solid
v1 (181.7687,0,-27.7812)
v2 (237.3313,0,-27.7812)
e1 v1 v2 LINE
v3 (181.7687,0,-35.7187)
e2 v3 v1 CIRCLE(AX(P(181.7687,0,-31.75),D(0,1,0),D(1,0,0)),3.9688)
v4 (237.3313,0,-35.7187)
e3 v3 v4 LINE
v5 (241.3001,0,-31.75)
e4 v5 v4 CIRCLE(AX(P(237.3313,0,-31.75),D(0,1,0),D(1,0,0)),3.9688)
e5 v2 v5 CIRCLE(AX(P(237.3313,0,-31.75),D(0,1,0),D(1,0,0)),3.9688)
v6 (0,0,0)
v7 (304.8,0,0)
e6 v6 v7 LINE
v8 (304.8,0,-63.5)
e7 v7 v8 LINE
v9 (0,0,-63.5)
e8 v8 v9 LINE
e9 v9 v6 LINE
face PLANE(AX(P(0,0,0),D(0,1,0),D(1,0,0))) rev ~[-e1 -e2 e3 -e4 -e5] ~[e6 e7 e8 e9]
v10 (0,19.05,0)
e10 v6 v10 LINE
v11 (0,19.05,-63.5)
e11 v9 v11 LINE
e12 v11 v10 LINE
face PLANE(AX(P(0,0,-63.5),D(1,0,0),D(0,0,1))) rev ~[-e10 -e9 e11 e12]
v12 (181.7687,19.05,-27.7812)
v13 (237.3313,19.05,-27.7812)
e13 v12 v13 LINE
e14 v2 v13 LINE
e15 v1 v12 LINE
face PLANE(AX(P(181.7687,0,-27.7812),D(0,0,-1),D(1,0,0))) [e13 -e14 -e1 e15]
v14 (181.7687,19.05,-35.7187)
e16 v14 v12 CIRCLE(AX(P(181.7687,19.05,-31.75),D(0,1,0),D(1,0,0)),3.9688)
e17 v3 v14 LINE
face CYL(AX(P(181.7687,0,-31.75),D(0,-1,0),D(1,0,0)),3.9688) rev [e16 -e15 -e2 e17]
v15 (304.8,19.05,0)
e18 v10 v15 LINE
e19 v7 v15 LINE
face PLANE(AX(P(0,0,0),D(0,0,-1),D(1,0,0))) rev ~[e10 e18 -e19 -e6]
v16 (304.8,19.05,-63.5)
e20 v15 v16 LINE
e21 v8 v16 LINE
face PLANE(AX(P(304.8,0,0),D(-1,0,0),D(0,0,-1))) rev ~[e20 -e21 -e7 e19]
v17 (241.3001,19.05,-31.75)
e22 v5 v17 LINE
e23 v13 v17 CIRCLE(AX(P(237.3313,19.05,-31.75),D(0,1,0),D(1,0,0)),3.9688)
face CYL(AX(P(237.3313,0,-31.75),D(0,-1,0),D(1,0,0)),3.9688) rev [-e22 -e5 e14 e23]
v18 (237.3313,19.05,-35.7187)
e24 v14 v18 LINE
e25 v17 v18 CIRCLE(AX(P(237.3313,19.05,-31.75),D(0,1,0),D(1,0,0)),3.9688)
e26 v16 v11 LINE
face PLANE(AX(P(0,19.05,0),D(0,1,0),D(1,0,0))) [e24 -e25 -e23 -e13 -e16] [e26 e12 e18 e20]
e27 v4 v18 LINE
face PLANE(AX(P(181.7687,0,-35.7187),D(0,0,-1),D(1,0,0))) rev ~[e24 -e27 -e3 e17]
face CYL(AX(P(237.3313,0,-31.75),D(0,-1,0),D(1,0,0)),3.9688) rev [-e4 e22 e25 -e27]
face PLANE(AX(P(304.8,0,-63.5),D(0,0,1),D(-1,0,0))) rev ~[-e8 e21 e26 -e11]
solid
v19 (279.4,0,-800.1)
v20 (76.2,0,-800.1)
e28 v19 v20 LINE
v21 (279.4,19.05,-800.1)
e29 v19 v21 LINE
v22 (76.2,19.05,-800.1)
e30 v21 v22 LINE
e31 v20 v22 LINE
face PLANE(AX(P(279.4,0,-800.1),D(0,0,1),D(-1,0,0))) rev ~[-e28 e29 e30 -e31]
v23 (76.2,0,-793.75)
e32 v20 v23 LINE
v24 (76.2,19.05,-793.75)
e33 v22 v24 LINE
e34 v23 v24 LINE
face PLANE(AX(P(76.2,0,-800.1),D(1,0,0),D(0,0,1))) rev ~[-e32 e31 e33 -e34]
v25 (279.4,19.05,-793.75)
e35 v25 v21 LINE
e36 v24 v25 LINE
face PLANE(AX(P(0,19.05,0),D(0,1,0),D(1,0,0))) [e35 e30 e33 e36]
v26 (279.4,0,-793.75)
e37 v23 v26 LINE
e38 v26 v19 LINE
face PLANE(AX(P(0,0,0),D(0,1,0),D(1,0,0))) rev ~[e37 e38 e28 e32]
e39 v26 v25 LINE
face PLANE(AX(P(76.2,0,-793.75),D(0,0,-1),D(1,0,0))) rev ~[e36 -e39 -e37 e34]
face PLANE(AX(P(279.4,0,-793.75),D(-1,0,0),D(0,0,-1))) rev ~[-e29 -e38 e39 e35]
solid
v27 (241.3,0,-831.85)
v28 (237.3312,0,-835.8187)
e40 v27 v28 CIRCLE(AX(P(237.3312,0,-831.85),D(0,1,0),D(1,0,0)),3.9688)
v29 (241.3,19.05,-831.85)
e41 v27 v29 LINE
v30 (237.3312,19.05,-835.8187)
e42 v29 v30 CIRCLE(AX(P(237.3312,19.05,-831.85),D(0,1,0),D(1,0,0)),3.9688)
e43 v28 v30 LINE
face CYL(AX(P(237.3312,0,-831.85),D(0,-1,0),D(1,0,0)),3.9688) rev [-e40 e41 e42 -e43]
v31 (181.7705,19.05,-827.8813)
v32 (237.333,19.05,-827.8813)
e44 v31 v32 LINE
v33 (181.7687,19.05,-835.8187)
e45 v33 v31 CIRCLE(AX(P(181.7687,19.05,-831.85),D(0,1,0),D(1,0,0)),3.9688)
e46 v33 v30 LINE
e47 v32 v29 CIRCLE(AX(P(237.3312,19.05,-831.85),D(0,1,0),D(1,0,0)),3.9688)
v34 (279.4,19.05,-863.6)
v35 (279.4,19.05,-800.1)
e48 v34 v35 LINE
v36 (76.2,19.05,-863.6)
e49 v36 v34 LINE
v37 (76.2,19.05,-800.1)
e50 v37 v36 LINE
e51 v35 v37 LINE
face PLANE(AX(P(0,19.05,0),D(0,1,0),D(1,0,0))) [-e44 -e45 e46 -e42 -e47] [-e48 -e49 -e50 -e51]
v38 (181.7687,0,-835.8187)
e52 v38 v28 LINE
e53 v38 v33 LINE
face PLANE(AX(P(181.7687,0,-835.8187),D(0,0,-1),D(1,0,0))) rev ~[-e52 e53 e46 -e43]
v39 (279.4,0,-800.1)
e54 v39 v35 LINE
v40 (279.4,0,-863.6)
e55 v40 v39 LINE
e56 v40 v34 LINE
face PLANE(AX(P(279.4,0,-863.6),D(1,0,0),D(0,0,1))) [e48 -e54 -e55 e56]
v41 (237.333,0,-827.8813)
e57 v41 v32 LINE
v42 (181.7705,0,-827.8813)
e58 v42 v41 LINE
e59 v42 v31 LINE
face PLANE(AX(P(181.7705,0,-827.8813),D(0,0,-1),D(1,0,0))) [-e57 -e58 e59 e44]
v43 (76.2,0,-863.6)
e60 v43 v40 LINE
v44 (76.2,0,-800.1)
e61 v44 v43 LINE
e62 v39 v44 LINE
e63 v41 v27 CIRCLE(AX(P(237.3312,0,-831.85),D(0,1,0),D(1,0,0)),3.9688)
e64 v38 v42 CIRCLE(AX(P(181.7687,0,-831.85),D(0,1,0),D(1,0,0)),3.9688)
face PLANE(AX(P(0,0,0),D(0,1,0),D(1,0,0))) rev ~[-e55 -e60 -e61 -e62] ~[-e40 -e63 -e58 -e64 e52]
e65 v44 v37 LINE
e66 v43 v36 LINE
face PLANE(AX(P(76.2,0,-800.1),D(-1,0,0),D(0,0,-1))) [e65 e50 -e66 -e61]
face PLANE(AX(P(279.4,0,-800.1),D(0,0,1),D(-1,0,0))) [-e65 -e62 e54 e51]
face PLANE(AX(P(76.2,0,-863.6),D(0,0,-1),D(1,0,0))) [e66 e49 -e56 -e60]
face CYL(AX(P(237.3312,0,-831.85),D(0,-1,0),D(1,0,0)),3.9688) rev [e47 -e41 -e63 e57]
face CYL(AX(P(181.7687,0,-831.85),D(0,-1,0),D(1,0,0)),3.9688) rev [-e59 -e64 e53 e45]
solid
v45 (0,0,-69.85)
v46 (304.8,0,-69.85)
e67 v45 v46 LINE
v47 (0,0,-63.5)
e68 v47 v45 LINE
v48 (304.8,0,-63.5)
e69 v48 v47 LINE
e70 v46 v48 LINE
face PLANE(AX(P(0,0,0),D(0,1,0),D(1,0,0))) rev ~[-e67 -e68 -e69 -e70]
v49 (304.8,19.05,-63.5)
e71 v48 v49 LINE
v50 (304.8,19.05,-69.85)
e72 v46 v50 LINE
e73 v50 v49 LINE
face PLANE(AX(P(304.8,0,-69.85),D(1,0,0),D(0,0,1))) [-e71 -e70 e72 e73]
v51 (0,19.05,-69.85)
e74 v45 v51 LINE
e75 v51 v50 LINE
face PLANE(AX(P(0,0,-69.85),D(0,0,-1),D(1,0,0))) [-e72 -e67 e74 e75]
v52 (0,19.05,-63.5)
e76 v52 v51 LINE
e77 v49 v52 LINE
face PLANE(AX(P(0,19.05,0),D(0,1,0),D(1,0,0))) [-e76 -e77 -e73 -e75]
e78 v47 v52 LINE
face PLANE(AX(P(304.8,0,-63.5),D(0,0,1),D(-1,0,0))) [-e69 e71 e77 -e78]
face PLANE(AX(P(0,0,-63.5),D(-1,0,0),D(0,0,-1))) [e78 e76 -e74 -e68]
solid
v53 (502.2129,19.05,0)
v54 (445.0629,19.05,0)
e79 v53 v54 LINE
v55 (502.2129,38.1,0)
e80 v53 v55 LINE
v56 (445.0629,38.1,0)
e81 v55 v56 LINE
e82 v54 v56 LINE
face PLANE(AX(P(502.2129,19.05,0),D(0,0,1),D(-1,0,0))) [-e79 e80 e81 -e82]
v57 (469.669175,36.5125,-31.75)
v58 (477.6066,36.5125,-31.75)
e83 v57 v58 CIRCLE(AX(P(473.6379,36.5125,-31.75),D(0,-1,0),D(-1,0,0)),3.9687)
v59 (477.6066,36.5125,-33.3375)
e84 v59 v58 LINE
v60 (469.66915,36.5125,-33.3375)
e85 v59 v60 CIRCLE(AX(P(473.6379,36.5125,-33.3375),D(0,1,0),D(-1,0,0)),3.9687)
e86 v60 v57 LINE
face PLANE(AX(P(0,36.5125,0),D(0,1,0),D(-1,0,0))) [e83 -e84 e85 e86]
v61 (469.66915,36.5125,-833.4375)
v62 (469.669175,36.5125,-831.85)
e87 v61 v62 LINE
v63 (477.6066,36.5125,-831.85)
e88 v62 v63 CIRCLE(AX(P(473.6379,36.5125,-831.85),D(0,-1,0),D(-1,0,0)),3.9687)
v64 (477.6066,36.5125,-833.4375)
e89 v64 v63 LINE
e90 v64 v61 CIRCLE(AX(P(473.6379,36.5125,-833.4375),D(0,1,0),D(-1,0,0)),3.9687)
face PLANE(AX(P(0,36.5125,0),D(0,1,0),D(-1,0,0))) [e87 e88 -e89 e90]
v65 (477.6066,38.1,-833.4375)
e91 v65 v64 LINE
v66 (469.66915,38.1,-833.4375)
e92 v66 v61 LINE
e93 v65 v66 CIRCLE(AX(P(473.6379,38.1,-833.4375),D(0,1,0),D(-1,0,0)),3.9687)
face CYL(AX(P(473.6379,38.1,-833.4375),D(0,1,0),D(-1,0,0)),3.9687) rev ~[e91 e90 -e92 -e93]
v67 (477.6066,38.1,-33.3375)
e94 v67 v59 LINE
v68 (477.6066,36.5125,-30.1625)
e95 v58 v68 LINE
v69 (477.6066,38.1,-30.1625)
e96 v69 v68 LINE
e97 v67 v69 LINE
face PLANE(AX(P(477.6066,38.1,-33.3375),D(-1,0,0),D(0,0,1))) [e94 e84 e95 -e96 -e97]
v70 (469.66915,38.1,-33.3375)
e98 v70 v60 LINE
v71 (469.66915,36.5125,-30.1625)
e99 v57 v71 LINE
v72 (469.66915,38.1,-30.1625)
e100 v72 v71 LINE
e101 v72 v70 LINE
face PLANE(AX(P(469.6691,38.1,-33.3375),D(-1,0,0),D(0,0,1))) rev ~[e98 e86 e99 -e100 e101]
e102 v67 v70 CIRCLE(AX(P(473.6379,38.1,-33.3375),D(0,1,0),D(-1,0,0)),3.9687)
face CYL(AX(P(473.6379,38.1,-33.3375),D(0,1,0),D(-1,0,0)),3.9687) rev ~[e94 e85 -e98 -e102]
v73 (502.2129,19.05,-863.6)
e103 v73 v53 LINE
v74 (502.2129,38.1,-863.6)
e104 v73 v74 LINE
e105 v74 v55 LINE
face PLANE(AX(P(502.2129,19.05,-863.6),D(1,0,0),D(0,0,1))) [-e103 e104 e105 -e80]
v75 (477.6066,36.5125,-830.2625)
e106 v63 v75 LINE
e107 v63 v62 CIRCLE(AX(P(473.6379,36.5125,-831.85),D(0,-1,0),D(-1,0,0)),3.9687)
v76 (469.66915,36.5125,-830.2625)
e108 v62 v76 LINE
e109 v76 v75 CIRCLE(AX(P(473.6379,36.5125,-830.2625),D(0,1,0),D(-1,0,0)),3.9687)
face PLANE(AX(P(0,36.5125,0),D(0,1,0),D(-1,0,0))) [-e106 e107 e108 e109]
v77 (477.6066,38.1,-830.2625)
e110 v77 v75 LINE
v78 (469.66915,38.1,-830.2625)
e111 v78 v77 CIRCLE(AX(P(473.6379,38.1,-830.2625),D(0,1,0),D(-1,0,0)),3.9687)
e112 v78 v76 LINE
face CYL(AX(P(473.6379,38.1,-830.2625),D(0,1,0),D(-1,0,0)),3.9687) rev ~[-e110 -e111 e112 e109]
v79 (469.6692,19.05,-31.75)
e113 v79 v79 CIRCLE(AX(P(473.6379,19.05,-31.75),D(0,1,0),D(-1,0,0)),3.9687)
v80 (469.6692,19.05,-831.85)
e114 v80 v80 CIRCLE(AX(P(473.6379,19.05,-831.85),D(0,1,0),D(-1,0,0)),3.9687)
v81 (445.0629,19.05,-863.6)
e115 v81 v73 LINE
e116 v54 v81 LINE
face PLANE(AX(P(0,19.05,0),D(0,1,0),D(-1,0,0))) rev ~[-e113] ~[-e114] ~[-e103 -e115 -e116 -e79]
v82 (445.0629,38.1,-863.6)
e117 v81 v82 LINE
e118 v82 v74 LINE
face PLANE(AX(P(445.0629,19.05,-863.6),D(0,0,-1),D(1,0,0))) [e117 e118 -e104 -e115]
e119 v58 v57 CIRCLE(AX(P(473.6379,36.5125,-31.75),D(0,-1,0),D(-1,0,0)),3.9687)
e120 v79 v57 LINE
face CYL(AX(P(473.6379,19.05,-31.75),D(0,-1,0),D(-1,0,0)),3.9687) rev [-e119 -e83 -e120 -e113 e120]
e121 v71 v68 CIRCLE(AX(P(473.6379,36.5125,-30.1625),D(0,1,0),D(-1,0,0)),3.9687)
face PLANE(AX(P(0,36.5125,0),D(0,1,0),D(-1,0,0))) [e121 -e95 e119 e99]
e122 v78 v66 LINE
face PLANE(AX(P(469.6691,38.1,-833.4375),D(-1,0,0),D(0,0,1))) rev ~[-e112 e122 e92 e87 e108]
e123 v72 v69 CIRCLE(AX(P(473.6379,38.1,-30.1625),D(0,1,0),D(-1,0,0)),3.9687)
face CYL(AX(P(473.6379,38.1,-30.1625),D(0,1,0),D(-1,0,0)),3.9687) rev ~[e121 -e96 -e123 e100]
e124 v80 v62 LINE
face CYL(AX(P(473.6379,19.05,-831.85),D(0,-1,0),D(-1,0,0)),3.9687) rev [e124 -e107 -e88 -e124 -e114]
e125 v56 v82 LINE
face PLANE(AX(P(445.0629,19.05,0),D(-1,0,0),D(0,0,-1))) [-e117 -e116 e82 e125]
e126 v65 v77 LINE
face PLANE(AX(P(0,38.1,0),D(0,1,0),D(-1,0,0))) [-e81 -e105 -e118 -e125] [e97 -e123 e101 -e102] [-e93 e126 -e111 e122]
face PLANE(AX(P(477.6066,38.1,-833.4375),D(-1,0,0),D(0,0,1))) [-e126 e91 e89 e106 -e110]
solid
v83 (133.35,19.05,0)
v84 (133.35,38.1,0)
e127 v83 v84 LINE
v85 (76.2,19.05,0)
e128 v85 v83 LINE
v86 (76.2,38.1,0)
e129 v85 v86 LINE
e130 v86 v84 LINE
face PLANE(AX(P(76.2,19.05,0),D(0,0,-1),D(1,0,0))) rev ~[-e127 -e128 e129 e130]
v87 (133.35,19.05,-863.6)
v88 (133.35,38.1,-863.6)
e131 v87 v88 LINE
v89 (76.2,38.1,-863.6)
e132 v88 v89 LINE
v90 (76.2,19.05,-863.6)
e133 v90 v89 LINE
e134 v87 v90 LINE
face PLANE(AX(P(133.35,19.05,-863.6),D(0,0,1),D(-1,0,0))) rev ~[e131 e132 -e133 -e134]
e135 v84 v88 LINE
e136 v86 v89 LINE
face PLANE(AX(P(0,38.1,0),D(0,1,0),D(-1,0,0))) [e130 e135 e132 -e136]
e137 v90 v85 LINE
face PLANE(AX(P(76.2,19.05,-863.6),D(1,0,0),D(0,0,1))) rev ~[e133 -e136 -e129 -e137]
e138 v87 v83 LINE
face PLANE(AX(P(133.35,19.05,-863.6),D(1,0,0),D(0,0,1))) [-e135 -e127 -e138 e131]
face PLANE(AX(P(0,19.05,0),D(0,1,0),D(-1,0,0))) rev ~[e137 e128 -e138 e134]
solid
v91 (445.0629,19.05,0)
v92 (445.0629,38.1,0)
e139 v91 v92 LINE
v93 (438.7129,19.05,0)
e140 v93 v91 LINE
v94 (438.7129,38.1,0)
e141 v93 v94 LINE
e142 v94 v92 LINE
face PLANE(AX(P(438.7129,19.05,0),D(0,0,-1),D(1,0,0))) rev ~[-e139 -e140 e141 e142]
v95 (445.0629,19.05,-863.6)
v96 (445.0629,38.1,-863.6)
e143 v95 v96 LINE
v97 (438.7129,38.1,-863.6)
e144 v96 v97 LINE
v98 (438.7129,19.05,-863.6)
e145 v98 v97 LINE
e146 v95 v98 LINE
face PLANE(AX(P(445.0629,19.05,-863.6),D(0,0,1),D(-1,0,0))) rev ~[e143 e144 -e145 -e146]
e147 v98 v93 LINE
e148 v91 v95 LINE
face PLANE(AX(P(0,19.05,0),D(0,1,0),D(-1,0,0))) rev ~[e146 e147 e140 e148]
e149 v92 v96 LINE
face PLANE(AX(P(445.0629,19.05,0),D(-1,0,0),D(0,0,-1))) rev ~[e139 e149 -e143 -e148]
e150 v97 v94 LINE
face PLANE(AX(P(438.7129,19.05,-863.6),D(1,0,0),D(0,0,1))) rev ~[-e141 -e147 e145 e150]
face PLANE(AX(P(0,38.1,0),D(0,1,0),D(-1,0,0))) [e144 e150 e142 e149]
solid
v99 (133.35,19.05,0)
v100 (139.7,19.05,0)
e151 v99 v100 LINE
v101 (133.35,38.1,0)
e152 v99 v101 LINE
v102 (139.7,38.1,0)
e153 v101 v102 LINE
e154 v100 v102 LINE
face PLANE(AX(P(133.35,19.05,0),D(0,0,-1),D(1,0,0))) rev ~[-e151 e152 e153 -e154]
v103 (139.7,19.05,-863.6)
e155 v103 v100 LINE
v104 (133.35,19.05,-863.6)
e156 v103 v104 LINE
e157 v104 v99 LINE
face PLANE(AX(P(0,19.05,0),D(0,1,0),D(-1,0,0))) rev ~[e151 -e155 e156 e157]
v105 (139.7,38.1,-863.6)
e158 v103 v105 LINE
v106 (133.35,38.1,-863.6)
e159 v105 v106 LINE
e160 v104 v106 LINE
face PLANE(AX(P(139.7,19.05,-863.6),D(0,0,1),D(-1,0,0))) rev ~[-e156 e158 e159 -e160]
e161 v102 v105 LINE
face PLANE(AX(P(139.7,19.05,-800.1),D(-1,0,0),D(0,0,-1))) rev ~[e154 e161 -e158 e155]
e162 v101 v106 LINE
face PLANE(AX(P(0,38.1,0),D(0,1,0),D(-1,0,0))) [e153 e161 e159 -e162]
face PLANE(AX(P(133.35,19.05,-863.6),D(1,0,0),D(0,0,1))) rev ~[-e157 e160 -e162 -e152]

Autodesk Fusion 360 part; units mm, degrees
sketch "perpendicular guides" plane through (0, 0, 0) normal (0, 1, 0) x (1, 0, 0)
  line L0 (0, 0) -> (304.8, 0)
  line L1 (304.8, 0) -> (304.8, 63.5)
  line L2 (304.8, 63.5) -> (0, 63.5)
  line L3 (0, 63.5) -> (0, 0)
  line L4 (76.2, 863.6) -> (279.4, 863.6)
  line L5 (279.4, 863.6) -> (279.4, 800.1)
  line L6 (279.4, 800.1) -> (76.2, 800.1)
  line L7 (76.2, 800.1) -> (76.2, 863.6)
  circle A0 centre (181.7687, 831.85) radius 3.9688
  circle A1 centre (237.3312, 831.85) radius 3.9688
  line L8 (76.2, 831.85) -> (279.4, 831.85) construction
  line L9 (181.7687, 835.8187) -> (237.3312, 835.8187)
  line L10 (181.7705, 827.8813) -> (237.333, 827.8813)
  line L11 (241.3, 863.6) -> (241.3, 800.1) construction
  line L12 (177.8, 863.6) -> (177.8, 800.1) construction
  line L13 (181.7687, 831.85) -> (237.3312, 831.85) construction
  line L14 (181.7687, 831.85) -> (237.3312, 831.85) construction
  circle A2 centre (181.7687, 31.75) radius 3.9688
  circle A3 centre (237.3313, 31.75) radius 3.9688
  line L15 (237.3312, 863.6) -> (237.3313, 0) construction
  line L16 (0, 31.75) -> (304.8, 31.75) construction
  line L17 (181.7687, 863.6) -> (181.7687, 0) construction
  line L18 (181.7687, 27.7812) -> (237.3313, 27.7812)
  line L19 (181.7687, 35.7187) -> (237.3313, 35.7187)
  line L20 (241.3, 63.5) -> (241.3, 0) construction
  line L21 (304.8, 63.5) -> (0, 63.5)
  line L22 (0, 63.5) -> (0, 69.85)
  line L23 (0, 69.85) -> (304.8, 69.85)
  line L24 (304.8, 69.85) -> (304.8, 63.5)
  line L25 (279.4, 800.1) -> (76.2, 800.1)
  line L26 (76.2, 800.1) -> (76.2, 793.75)
  line L27 (76.2, 793.75) -> (279.4, 793.75)
  line L28 (279.4, 793.75) -> (279.4, 800.1)
  dimension "d1" = 304.8
  dimension "d2" = 63.5
  dimension "d3" = 152.4
  dimension "d4" = 203.2
  dimension "d7" = 7.9375
  dimension "d8" = 38.1
  dimension "d9" = 101.6
  dimension "d10" = 63.5
  dimension "d11" = 6.35
  dimension "d12" = 6.35
  dimension "d17" = 863.6
extrude "Extrude1" add sketch "perpendicular guides" along normal blind 19.05 contours L4 L5 L6 L7 L25 makes body 1 in component "top perpendicular"
sketch "long stretch" plane through (0, 19.05, 0) normal (0, 1, 0) x (-1, 0, 0)
  line L0 (-279.4, -800.1) -> (-279.4, -863.6)
  line L1 (-279.4, -863.6) -> (-76.2, -863.6)
  line L2 (-76.2, -863.6) -> (-76.2, -800.1)
  line L3 (-279.4, -863.6) -> (-76.2, -863.6)
  line L4 (0, 0) -> (-304.8, 0)
  line L5 (-76.2, -863.6) -> (-177.8, -863.6) construction
  line L6 (-177.8, 0) -> (-76.2, 0) construction
  line L7 (-76.2, -863.6) -> (-133.35, -863.6)
  line L8 (-133.35, -863.6) -> (-133.35, 0)
  line L9 (-133.35, 0) -> (-76.2, 0)
  line L10 (-76.2, 0) -> (-76.2, -863.6)
  line L11 (-133.35, 0) -> (-139.7, 0)
  line L12 (-139.7, 0) -> (-139.7, -863.6)
  line L13 (-139.7, -863.6) -> (-133.35, -863.6)
  line L14 (-133.35, -863.6) -> (-133.35, 0)
  line L15 (-445.0629, -863.6) -> (-502.2129, -863.6)
  line L16 (-502.2129, -863.6) -> (-502.2129, 0)
  line L17 (-502.2129, 0) -> (-445.0629, 0)
  line L18 (-445.0629, 0) -> (-445.0629, -863.6)
  line L19 (-445.0629, -863.6) -> (-438.7129, -863.6)
  line L20 (-438.7129, -863.6) -> (-438.7129, 0)
  line L21 (-438.7129, 0) -> (-445.0629, 0)
  line L22 (-445.0629, 0) -> (-445.0629, -863.6)
  circle A0 centre (-473.6379, -831.85) radius 3.9687
  circle A1 centre (-473.6379, -31.75) radius 3.9687
  circle A2 centre (-237.3313, -31.75) radius 3.9687 construction
  circle A3 centre (-237.3312, -831.85) radius 3.9687 construction
  line L23 (-502.2129, -831.85) -> (-200.66, -831.85) construction
  line L24 (-502.2129, -31.75) -> (-213.36, -31.75) construction
  line L25 (-445.0629, -31.75) -> (-502.2129, -31.75) construction
  line L26 (-445.0629, -831.85) -> (-502.2129, -831.85) construction
  circle A4 centre (-473.6379, -833.4375) radius 3.9687
  circle A5 centre (-473.6379, -830.2625) radius 3.9687
  line L27 (-445.0629, -833.4375) -> (-502.2129, -833.4375) construction
  line L28 (-502.2129, -837.4062) -> (-439.42, -837.4062) construction
  line L29 (-445.0629, -826.2937) -> (-502.2129, -826.2937) construction
  line L30 (-502.2129, -830.2625) -> (-445.0629, -830.2625) construction
  line L31 (-473.6379, -833.4375) -> (-473.6379, -830.2625) construction
  circle A6 centre (-473.6379, -33.3375) radius 3.9687
  circle A7 centre (-473.6379, -30.1625) radius 3.9687
  line L32 (-502.2129, -30.1625) -> (-445.0629, -30.1625) construction
  line L33 (-445.0629, -33.3375) -> (-502.2129, -33.3375) construction
  line L34 (-480.1105, -33.3375) -> (-480.1105, -31.75) construction
  line L35 (-482.3649, -31.75) -> (-482.3649, -30.1625) construction
  line L36 (-445.0629, -37.3063) -> (-502.2129, -37.3063) construction
  line L37 (-445.0629, -26.1938) -> (-502.2129, -26.1938) construction
  line L38 (-469.6691, -33.3375) -> (-469.6691, -30.1625)
  line L39 (-477.6066, -33.3375) -> (-477.6066, -30.1625)
  line L40 (-469.6691, -833.4375) -> (-469.6691, -830.2625)
  line L41 (-477.6066, -833.4375) -> (-477.6066, -830.2625)
  arc A8 (-181.7687, -835.8188) -> (-181.7705, -827.8813) centre (-181.7687, -831.85) ccw
  line L42 (-181.7687, -835.8188) -> (-237.3312, -835.8188)
  arc A9 (-237.333, -827.8813) -> (-237.3312, -835.8188) centre (-237.3313, -831.85) ccw
  line L43 (-237.333, -827.8813) -> (-181.7705, -827.8813)
  line L44 (-279.4, -800.1) -> (-279.4, -863.6)
  line L45 (-279.4, -863.6) -> (-76.2, -863.6)
  line L46 (-76.2, -863.6) -> (-76.2, -800.1)
  line L47 (-76.2, -800.1) -> (-279.4, -800.1)
  dimension "d15" = 57.15
  dimension "d16" = 6.35
  dimension "d24" = 57.15
  dimension "d25" = 557.2513
  dimension "d26" = 6.35
  dimension "d35" = 11.1125
  dimension "d36" = 11.1125
extrude "Extrude1'" add sketch "perpendicular guides" along normal blind 19.05 separate body contours L0 L1 L2 L3 L21 makes body 2 in component "bottom perpendicular"
extrude "Extrude1''" add sketch "perpendicular guides" along normal blind 19.05 separate body contours L2 L21 L22 L23 L24 makes body 3 in component "bottom liner"
extrude "Extrude2" add sketch "perpendicular guides" along normal blind 19.05 separate body contours L6 L25 L26 L27 L28 makes body 4 in component "top liner"
extrude "Extrude1'''" add sketch "long stretch" along normal blind 19.05 separate body contours L1 L2 L3 L7 L8 L10 L14 L45 L46 L47 | L4 L8 L9 L10 L14 L47 makes body 5 in component "long stretch"
extrude "Extrude1''''" add sketch "long stretch" along normal blind 19.05 separate body contours L1 L3 L8 L12 L13 L14 L45 L47 | L4 L8 L11 L12 L14 L47 makes body 6 in component "long stretch runner"
extrude "Extrude1'''''" add sketch "long stretch" along normal blind 19.05 separate body contours L15 L16 L17 L18 L22 | A0 A4 L40 | A0 A5 L40 | A0 A5 | A0 A4 | A0 A5 L41 | A0 A4 L41 | A1 A6 L38 | A1 A7 L38 | A1 A7 | A1 A6 | A1 A7 L39 | A1 A6 L39 makes body 7 in component "long stretch slider"
extrude "Extrude1''''''" add sketch "long stretch" along normal blind 19.05 separate body contours L18 L19 L20 L21 L22 makes body 8 in component "long stretch slider runner"
sketch "Sketch3" plane through (0, 38.1, 0) normal (0, 1, 0) x (-1, 0, 0)
  circle A0 centre (-473.6379, -31.75) radius 3.9688
  circle A1 centre (-473.6379, -831.85) radius 3.9688
  line L0 (-445.0629, 0) -> (-502.2129, 0)
  line L1 (-502.2129, 0) -> (-502.2129, -863.6)
  line L2 (-502.2129, -863.6) -> (-445.0629, -863.6)
  line L3 (-445.0629, -863.6) -> (-445.0629, 0)
  circle A2 centre (-473.6379, -833.4375) radius 3.9687
  circle A3 centre (-473.6379, -830.2625) radius 3.9687
  line L4 (-469.6691, -833.4375) -> (-469.6691, -830.2625)
  line L5 (-477.6066, -833.4375) -> (-477.6066, -830.2625)
  circle A4 centre (-473.6379, -33.3375) radius 3.9687
  line L6 (-469.6691, -33.3375) -> (-469.6691, -30.1625)
  line L7 (-477.6066, -33.3375) -> (-477.6066, -30.1625)
  circle A5 centre (-473.6379, -30.1625) radius 3.9687
extrude "Extrude2'" cut sketch "Sketch3" against normal blind 1.5875 contours A0 A4 A5 | A0 A4 L6 | A0 L6 A5 | A0 A4 A5 | A0 A5 | A0 A4 | A0 A4 A5 | A0 A4 A5 | A0 L7 A5 | A4 A5 | A0 A4 L7 | A1 A2 A3 | A1 A2 L4 | A1 A3 L4 | A1 A2 A3 | A1 A3 | A1 A2 | A1 A2 A3 | A1 A2 A3 | A1 A3 L5 | A2 A3 | A1 A2 L5 bodies 7 in component "long stretch slider"
component "top perpendicular" placed x (1, 0, 0) y (0, 1, 0) z (0, 0, 1) at (0, 0, 0)
component "bottom perpendicular" placed x (1, 0, 0) y (0, 1, 0) z (0, 0, 1) at (0, 0, 0)
component "bottom liner" placed x (1, 0, 0) y (0, 1, 0) z (0, 0, 1) at (0, 0, 0)
component "long stretch slider" placed x (1, 0, 0) y (0, 1, 0) z (0, 0, 1) at (0, 0, 0)
component "long stretch runner" placed x (1, 0, 0) y (0, 1, 0) z (0, 0, 1) at (0, 0, 0)
component "long stretch" placed x (1, 0, 0) y (0, 1, 0) z (0, 0, 1) at (0, 0, 0)
component "long stretch slider runner" placed x (1, 0, 0) y (0, 1, 0) z (0, 0, 1) at (0, 0, 0)
component "top liner" placed x (1, 0, 0) y (0, 1, 0) z (0, 0, 1) at (0, 0, 0)
equation "d7 = ( 5 / 16 ) * 1 in"
equation "d35 = ( 7 / 16 ) * 1 in"
equation "d36 = ( 7 / 16 ) * 1 in"
equation "plywood_width = 0.75 in"
equation "d42 = plywood_width"
equation "d44 = plywood_width"
equation "d48 = plywood_width"
equation "d50 = plywood_width"
equation "d52 = plywood_width"
equation "d54 = plywood_width"
equation "d56 = plywood_width"
equation "d58 = plywood_width"
equation "d60 = ( -1 / 16 ) * 1 in"
